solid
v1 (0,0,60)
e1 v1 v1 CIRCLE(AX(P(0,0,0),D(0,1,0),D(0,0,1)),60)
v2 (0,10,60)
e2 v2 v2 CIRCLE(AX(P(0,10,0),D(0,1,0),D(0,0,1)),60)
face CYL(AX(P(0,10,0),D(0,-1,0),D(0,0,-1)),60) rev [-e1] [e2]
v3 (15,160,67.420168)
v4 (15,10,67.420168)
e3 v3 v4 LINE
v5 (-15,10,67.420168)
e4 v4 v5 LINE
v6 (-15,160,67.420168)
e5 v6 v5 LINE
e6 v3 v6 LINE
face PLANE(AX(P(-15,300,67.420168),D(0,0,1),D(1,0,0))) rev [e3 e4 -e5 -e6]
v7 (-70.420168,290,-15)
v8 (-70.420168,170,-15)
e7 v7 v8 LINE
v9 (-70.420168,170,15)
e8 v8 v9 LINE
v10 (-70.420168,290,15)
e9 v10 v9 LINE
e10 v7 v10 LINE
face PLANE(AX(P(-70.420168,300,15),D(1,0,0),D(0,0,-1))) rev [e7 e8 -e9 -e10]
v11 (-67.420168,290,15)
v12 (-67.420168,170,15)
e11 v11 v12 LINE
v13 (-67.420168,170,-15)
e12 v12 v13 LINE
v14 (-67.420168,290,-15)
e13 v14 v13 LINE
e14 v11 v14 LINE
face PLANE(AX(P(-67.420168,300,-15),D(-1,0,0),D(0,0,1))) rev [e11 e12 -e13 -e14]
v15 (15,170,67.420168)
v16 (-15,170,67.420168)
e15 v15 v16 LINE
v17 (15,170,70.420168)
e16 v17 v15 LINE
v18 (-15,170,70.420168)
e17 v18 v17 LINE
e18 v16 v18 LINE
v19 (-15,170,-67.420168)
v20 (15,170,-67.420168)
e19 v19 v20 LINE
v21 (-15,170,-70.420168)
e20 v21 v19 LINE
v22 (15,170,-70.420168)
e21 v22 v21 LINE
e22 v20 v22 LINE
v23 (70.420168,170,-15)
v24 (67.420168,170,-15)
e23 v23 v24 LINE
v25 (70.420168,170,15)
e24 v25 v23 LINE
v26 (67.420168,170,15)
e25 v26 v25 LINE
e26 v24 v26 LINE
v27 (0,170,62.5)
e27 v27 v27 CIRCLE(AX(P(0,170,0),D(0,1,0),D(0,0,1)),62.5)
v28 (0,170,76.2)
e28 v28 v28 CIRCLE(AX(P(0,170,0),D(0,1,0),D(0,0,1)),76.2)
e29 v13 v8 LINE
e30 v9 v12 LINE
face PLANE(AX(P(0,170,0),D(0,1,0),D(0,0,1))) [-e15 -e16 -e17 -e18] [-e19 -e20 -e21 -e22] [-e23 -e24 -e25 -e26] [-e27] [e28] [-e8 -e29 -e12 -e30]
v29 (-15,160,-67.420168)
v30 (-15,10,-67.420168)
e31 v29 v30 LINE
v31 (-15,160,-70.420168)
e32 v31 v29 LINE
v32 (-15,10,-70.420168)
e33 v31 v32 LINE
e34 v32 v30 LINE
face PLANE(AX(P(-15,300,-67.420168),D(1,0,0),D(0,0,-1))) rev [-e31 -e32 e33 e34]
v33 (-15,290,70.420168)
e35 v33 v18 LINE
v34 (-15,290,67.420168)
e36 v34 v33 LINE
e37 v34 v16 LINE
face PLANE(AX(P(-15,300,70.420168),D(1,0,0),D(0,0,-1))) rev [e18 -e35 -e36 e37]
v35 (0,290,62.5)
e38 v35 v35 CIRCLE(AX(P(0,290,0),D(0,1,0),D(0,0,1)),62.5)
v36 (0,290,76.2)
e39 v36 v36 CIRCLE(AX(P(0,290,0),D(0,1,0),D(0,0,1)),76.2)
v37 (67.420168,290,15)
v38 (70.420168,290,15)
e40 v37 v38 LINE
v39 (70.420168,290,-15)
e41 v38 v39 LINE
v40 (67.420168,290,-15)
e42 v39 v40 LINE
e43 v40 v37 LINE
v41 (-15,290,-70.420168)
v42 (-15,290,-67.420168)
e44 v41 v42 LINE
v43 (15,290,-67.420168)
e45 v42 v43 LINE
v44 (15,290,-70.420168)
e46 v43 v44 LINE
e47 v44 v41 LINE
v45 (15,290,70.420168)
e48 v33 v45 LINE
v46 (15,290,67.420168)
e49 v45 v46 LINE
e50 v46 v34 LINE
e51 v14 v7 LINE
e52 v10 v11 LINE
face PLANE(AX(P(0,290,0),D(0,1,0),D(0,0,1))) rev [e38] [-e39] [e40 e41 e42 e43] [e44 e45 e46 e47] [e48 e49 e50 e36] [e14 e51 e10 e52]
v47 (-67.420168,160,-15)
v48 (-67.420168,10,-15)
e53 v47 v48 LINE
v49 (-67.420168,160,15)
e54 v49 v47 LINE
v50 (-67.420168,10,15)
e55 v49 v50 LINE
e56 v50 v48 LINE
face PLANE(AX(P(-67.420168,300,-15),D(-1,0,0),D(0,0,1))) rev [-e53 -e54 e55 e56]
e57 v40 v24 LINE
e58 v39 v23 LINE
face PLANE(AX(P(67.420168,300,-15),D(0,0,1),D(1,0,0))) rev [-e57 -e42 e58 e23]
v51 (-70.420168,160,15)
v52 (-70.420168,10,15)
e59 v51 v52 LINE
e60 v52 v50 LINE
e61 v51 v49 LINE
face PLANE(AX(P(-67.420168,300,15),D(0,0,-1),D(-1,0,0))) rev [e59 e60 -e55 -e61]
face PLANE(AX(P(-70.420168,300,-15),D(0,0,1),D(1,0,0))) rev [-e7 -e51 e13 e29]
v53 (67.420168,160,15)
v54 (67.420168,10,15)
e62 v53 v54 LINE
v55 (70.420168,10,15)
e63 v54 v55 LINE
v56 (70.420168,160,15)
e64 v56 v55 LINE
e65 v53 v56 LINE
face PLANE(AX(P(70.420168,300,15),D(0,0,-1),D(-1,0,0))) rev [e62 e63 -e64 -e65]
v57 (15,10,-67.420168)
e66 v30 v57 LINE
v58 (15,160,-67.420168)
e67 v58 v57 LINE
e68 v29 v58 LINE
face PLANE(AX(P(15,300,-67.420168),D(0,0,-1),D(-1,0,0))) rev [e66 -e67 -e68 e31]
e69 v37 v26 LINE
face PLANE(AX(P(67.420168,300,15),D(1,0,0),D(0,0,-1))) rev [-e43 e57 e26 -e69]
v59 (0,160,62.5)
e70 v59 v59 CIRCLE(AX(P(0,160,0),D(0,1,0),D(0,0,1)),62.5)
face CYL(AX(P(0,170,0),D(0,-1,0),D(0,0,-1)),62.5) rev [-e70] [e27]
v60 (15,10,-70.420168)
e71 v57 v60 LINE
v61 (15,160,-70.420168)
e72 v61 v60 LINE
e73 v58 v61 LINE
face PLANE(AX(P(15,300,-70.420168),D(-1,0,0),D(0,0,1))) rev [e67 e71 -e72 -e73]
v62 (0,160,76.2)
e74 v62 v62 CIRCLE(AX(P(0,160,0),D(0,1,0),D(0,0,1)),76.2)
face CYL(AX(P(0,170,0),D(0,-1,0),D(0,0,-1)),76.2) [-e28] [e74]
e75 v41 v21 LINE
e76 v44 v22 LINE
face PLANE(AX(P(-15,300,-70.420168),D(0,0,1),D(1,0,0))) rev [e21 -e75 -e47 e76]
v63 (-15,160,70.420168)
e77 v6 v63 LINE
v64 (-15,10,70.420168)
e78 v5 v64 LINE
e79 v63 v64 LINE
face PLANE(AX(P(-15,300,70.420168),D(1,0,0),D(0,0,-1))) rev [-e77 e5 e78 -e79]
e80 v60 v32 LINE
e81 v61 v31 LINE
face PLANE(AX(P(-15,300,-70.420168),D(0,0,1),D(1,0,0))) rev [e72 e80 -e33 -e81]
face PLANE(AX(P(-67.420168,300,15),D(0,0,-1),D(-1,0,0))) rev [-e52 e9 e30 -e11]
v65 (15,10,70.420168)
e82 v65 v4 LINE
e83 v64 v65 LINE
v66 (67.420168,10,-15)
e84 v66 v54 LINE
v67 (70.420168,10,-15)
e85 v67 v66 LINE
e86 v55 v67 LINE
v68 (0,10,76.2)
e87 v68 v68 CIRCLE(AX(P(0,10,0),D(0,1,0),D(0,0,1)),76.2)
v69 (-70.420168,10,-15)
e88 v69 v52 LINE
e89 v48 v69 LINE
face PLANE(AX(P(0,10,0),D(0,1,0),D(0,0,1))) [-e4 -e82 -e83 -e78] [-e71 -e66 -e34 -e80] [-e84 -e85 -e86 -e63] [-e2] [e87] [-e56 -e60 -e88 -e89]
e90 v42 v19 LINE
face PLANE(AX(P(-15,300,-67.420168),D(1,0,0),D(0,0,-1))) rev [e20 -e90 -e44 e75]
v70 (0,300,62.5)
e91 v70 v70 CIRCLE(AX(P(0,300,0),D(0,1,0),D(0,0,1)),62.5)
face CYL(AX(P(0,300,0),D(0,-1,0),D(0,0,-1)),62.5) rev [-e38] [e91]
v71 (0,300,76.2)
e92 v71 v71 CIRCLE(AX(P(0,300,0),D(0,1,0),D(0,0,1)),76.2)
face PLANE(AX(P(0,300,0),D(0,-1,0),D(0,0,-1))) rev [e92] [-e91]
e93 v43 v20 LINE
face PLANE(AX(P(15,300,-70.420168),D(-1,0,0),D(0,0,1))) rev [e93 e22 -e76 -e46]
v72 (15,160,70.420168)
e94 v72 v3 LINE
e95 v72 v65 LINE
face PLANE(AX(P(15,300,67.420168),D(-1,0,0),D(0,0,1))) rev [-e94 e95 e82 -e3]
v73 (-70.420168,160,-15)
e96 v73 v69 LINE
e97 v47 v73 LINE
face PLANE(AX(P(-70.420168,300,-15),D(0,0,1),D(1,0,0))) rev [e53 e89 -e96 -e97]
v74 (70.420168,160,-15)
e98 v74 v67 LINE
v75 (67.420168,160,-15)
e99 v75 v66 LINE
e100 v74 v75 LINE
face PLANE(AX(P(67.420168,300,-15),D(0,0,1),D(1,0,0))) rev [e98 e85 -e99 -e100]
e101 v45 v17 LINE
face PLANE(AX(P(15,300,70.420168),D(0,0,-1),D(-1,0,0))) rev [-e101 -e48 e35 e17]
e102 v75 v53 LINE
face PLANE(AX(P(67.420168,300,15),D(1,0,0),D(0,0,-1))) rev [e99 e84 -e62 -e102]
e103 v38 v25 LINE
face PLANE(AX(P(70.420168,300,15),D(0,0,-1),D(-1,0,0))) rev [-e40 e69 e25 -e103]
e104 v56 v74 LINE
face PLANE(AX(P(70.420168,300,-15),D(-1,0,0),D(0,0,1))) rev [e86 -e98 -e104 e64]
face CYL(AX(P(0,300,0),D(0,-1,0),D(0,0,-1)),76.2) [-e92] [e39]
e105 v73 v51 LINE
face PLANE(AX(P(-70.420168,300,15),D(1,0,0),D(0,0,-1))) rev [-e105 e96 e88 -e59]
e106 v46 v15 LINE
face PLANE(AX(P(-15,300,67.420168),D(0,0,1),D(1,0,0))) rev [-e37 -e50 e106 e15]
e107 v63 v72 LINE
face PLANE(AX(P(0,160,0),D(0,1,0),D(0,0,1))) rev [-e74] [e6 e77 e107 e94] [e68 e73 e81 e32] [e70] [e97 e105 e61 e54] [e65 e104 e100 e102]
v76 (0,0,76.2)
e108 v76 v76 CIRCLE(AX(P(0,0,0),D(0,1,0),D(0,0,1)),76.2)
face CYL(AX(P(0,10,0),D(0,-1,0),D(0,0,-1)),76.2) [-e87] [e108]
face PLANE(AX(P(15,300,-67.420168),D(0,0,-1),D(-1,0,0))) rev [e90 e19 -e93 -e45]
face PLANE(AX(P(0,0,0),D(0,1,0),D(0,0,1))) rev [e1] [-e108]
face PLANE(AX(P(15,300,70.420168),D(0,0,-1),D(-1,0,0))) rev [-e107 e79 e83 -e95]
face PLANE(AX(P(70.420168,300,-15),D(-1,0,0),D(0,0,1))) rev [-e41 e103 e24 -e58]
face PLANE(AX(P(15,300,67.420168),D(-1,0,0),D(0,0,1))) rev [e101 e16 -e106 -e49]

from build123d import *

# Parameters (mm, degrees)
ESQUISSE1_R                  = 76.2
ESQUISSE1_R_2                = 60
BOSS_EXTRU_1_DEPTH           = 10
ESQUISSE2_W                  = 30
ESQUISSE2_H                  = 3
BOSS_EXTRU_2_DEPTH           = 290
R_P_TITION_CIRCULAIRE1_COUNT = 4
ESQUISSE5_R                  = 76.2
ESQUISSE5_R_2                = 62.5
BOSS_EXTRU_3_DEPTH           = 10
R_P_TITION_LIN_AIRE2_COUNT   = 2
R_P_TITION_LIN_AIRE2_PITCH   = 130


with BuildPart() as part:
    # Esquisse1 → Boss.-Extru.1 (new body)
    with BuildSketch(Plane(origin=(0, 0, 0), x_dir=(1, 0, 0), z_dir=(0, 1, 0))):
        Circle(ESQUISSE1_R)
        Circle(ESQUISSE1_R_2, mode=Mode.SUBTRACT)
    extrude(amount=BOSS_EXTRU_1_DEPTH)

    # Esquisse2 → Boss.-Extru.2 (add)
    with BuildSketch(Plane(origin=(0, 10, 0), x_dir=(1, 0, 0), z_dir=(0, 1, 0))):
        with Locations((0, 68.920167566)):
            Rectangle(ESQUISSE2_W, ESQUISSE2_H)
    boss_extru_2 = extrude(amount=BOSS_EXTRU_2_DEPTH)

    # Répétition circulaire1: Boss.-Extru.2 ×4 about axis
    r_p_tition_circulaire1_axis = Axis((0, 0, 0), (0, 1, 0))
    for i in range(1, R_P_TITION_CIRCULAIRE1_COUNT):
        add(boss_extru_2.rotate(r_p_tition_circulaire1_axis, i * 360 / R_P_TITION_CIRCULAIRE1_COUNT))

    # Esquisse5 → Boss.-Extru.3 (add)
    with BuildSketch(Plane(origin=(0, 160, 0), x_dir=(1, 0, 0), z_dir=(0, 1, 0))):
        Circle(ESQUISSE5_R)
        Circle(ESQUISSE5_R_2, mode=Mode.SUBTRACT)
    boss_extru_3 = extrude(amount=BOSS_EXTRU_3_DEPTH)

    # Répétition linéaire2: Boss.-Extru.3 ×2
    with Locations(*[(0, i * R_P_TITION_LIN_AIRE2_PITCH, 0) for i in range(1, R_P_TITION_LIN_AIRE2_COUNT)]):
        add(boss_extru_3)


solid = part.part
